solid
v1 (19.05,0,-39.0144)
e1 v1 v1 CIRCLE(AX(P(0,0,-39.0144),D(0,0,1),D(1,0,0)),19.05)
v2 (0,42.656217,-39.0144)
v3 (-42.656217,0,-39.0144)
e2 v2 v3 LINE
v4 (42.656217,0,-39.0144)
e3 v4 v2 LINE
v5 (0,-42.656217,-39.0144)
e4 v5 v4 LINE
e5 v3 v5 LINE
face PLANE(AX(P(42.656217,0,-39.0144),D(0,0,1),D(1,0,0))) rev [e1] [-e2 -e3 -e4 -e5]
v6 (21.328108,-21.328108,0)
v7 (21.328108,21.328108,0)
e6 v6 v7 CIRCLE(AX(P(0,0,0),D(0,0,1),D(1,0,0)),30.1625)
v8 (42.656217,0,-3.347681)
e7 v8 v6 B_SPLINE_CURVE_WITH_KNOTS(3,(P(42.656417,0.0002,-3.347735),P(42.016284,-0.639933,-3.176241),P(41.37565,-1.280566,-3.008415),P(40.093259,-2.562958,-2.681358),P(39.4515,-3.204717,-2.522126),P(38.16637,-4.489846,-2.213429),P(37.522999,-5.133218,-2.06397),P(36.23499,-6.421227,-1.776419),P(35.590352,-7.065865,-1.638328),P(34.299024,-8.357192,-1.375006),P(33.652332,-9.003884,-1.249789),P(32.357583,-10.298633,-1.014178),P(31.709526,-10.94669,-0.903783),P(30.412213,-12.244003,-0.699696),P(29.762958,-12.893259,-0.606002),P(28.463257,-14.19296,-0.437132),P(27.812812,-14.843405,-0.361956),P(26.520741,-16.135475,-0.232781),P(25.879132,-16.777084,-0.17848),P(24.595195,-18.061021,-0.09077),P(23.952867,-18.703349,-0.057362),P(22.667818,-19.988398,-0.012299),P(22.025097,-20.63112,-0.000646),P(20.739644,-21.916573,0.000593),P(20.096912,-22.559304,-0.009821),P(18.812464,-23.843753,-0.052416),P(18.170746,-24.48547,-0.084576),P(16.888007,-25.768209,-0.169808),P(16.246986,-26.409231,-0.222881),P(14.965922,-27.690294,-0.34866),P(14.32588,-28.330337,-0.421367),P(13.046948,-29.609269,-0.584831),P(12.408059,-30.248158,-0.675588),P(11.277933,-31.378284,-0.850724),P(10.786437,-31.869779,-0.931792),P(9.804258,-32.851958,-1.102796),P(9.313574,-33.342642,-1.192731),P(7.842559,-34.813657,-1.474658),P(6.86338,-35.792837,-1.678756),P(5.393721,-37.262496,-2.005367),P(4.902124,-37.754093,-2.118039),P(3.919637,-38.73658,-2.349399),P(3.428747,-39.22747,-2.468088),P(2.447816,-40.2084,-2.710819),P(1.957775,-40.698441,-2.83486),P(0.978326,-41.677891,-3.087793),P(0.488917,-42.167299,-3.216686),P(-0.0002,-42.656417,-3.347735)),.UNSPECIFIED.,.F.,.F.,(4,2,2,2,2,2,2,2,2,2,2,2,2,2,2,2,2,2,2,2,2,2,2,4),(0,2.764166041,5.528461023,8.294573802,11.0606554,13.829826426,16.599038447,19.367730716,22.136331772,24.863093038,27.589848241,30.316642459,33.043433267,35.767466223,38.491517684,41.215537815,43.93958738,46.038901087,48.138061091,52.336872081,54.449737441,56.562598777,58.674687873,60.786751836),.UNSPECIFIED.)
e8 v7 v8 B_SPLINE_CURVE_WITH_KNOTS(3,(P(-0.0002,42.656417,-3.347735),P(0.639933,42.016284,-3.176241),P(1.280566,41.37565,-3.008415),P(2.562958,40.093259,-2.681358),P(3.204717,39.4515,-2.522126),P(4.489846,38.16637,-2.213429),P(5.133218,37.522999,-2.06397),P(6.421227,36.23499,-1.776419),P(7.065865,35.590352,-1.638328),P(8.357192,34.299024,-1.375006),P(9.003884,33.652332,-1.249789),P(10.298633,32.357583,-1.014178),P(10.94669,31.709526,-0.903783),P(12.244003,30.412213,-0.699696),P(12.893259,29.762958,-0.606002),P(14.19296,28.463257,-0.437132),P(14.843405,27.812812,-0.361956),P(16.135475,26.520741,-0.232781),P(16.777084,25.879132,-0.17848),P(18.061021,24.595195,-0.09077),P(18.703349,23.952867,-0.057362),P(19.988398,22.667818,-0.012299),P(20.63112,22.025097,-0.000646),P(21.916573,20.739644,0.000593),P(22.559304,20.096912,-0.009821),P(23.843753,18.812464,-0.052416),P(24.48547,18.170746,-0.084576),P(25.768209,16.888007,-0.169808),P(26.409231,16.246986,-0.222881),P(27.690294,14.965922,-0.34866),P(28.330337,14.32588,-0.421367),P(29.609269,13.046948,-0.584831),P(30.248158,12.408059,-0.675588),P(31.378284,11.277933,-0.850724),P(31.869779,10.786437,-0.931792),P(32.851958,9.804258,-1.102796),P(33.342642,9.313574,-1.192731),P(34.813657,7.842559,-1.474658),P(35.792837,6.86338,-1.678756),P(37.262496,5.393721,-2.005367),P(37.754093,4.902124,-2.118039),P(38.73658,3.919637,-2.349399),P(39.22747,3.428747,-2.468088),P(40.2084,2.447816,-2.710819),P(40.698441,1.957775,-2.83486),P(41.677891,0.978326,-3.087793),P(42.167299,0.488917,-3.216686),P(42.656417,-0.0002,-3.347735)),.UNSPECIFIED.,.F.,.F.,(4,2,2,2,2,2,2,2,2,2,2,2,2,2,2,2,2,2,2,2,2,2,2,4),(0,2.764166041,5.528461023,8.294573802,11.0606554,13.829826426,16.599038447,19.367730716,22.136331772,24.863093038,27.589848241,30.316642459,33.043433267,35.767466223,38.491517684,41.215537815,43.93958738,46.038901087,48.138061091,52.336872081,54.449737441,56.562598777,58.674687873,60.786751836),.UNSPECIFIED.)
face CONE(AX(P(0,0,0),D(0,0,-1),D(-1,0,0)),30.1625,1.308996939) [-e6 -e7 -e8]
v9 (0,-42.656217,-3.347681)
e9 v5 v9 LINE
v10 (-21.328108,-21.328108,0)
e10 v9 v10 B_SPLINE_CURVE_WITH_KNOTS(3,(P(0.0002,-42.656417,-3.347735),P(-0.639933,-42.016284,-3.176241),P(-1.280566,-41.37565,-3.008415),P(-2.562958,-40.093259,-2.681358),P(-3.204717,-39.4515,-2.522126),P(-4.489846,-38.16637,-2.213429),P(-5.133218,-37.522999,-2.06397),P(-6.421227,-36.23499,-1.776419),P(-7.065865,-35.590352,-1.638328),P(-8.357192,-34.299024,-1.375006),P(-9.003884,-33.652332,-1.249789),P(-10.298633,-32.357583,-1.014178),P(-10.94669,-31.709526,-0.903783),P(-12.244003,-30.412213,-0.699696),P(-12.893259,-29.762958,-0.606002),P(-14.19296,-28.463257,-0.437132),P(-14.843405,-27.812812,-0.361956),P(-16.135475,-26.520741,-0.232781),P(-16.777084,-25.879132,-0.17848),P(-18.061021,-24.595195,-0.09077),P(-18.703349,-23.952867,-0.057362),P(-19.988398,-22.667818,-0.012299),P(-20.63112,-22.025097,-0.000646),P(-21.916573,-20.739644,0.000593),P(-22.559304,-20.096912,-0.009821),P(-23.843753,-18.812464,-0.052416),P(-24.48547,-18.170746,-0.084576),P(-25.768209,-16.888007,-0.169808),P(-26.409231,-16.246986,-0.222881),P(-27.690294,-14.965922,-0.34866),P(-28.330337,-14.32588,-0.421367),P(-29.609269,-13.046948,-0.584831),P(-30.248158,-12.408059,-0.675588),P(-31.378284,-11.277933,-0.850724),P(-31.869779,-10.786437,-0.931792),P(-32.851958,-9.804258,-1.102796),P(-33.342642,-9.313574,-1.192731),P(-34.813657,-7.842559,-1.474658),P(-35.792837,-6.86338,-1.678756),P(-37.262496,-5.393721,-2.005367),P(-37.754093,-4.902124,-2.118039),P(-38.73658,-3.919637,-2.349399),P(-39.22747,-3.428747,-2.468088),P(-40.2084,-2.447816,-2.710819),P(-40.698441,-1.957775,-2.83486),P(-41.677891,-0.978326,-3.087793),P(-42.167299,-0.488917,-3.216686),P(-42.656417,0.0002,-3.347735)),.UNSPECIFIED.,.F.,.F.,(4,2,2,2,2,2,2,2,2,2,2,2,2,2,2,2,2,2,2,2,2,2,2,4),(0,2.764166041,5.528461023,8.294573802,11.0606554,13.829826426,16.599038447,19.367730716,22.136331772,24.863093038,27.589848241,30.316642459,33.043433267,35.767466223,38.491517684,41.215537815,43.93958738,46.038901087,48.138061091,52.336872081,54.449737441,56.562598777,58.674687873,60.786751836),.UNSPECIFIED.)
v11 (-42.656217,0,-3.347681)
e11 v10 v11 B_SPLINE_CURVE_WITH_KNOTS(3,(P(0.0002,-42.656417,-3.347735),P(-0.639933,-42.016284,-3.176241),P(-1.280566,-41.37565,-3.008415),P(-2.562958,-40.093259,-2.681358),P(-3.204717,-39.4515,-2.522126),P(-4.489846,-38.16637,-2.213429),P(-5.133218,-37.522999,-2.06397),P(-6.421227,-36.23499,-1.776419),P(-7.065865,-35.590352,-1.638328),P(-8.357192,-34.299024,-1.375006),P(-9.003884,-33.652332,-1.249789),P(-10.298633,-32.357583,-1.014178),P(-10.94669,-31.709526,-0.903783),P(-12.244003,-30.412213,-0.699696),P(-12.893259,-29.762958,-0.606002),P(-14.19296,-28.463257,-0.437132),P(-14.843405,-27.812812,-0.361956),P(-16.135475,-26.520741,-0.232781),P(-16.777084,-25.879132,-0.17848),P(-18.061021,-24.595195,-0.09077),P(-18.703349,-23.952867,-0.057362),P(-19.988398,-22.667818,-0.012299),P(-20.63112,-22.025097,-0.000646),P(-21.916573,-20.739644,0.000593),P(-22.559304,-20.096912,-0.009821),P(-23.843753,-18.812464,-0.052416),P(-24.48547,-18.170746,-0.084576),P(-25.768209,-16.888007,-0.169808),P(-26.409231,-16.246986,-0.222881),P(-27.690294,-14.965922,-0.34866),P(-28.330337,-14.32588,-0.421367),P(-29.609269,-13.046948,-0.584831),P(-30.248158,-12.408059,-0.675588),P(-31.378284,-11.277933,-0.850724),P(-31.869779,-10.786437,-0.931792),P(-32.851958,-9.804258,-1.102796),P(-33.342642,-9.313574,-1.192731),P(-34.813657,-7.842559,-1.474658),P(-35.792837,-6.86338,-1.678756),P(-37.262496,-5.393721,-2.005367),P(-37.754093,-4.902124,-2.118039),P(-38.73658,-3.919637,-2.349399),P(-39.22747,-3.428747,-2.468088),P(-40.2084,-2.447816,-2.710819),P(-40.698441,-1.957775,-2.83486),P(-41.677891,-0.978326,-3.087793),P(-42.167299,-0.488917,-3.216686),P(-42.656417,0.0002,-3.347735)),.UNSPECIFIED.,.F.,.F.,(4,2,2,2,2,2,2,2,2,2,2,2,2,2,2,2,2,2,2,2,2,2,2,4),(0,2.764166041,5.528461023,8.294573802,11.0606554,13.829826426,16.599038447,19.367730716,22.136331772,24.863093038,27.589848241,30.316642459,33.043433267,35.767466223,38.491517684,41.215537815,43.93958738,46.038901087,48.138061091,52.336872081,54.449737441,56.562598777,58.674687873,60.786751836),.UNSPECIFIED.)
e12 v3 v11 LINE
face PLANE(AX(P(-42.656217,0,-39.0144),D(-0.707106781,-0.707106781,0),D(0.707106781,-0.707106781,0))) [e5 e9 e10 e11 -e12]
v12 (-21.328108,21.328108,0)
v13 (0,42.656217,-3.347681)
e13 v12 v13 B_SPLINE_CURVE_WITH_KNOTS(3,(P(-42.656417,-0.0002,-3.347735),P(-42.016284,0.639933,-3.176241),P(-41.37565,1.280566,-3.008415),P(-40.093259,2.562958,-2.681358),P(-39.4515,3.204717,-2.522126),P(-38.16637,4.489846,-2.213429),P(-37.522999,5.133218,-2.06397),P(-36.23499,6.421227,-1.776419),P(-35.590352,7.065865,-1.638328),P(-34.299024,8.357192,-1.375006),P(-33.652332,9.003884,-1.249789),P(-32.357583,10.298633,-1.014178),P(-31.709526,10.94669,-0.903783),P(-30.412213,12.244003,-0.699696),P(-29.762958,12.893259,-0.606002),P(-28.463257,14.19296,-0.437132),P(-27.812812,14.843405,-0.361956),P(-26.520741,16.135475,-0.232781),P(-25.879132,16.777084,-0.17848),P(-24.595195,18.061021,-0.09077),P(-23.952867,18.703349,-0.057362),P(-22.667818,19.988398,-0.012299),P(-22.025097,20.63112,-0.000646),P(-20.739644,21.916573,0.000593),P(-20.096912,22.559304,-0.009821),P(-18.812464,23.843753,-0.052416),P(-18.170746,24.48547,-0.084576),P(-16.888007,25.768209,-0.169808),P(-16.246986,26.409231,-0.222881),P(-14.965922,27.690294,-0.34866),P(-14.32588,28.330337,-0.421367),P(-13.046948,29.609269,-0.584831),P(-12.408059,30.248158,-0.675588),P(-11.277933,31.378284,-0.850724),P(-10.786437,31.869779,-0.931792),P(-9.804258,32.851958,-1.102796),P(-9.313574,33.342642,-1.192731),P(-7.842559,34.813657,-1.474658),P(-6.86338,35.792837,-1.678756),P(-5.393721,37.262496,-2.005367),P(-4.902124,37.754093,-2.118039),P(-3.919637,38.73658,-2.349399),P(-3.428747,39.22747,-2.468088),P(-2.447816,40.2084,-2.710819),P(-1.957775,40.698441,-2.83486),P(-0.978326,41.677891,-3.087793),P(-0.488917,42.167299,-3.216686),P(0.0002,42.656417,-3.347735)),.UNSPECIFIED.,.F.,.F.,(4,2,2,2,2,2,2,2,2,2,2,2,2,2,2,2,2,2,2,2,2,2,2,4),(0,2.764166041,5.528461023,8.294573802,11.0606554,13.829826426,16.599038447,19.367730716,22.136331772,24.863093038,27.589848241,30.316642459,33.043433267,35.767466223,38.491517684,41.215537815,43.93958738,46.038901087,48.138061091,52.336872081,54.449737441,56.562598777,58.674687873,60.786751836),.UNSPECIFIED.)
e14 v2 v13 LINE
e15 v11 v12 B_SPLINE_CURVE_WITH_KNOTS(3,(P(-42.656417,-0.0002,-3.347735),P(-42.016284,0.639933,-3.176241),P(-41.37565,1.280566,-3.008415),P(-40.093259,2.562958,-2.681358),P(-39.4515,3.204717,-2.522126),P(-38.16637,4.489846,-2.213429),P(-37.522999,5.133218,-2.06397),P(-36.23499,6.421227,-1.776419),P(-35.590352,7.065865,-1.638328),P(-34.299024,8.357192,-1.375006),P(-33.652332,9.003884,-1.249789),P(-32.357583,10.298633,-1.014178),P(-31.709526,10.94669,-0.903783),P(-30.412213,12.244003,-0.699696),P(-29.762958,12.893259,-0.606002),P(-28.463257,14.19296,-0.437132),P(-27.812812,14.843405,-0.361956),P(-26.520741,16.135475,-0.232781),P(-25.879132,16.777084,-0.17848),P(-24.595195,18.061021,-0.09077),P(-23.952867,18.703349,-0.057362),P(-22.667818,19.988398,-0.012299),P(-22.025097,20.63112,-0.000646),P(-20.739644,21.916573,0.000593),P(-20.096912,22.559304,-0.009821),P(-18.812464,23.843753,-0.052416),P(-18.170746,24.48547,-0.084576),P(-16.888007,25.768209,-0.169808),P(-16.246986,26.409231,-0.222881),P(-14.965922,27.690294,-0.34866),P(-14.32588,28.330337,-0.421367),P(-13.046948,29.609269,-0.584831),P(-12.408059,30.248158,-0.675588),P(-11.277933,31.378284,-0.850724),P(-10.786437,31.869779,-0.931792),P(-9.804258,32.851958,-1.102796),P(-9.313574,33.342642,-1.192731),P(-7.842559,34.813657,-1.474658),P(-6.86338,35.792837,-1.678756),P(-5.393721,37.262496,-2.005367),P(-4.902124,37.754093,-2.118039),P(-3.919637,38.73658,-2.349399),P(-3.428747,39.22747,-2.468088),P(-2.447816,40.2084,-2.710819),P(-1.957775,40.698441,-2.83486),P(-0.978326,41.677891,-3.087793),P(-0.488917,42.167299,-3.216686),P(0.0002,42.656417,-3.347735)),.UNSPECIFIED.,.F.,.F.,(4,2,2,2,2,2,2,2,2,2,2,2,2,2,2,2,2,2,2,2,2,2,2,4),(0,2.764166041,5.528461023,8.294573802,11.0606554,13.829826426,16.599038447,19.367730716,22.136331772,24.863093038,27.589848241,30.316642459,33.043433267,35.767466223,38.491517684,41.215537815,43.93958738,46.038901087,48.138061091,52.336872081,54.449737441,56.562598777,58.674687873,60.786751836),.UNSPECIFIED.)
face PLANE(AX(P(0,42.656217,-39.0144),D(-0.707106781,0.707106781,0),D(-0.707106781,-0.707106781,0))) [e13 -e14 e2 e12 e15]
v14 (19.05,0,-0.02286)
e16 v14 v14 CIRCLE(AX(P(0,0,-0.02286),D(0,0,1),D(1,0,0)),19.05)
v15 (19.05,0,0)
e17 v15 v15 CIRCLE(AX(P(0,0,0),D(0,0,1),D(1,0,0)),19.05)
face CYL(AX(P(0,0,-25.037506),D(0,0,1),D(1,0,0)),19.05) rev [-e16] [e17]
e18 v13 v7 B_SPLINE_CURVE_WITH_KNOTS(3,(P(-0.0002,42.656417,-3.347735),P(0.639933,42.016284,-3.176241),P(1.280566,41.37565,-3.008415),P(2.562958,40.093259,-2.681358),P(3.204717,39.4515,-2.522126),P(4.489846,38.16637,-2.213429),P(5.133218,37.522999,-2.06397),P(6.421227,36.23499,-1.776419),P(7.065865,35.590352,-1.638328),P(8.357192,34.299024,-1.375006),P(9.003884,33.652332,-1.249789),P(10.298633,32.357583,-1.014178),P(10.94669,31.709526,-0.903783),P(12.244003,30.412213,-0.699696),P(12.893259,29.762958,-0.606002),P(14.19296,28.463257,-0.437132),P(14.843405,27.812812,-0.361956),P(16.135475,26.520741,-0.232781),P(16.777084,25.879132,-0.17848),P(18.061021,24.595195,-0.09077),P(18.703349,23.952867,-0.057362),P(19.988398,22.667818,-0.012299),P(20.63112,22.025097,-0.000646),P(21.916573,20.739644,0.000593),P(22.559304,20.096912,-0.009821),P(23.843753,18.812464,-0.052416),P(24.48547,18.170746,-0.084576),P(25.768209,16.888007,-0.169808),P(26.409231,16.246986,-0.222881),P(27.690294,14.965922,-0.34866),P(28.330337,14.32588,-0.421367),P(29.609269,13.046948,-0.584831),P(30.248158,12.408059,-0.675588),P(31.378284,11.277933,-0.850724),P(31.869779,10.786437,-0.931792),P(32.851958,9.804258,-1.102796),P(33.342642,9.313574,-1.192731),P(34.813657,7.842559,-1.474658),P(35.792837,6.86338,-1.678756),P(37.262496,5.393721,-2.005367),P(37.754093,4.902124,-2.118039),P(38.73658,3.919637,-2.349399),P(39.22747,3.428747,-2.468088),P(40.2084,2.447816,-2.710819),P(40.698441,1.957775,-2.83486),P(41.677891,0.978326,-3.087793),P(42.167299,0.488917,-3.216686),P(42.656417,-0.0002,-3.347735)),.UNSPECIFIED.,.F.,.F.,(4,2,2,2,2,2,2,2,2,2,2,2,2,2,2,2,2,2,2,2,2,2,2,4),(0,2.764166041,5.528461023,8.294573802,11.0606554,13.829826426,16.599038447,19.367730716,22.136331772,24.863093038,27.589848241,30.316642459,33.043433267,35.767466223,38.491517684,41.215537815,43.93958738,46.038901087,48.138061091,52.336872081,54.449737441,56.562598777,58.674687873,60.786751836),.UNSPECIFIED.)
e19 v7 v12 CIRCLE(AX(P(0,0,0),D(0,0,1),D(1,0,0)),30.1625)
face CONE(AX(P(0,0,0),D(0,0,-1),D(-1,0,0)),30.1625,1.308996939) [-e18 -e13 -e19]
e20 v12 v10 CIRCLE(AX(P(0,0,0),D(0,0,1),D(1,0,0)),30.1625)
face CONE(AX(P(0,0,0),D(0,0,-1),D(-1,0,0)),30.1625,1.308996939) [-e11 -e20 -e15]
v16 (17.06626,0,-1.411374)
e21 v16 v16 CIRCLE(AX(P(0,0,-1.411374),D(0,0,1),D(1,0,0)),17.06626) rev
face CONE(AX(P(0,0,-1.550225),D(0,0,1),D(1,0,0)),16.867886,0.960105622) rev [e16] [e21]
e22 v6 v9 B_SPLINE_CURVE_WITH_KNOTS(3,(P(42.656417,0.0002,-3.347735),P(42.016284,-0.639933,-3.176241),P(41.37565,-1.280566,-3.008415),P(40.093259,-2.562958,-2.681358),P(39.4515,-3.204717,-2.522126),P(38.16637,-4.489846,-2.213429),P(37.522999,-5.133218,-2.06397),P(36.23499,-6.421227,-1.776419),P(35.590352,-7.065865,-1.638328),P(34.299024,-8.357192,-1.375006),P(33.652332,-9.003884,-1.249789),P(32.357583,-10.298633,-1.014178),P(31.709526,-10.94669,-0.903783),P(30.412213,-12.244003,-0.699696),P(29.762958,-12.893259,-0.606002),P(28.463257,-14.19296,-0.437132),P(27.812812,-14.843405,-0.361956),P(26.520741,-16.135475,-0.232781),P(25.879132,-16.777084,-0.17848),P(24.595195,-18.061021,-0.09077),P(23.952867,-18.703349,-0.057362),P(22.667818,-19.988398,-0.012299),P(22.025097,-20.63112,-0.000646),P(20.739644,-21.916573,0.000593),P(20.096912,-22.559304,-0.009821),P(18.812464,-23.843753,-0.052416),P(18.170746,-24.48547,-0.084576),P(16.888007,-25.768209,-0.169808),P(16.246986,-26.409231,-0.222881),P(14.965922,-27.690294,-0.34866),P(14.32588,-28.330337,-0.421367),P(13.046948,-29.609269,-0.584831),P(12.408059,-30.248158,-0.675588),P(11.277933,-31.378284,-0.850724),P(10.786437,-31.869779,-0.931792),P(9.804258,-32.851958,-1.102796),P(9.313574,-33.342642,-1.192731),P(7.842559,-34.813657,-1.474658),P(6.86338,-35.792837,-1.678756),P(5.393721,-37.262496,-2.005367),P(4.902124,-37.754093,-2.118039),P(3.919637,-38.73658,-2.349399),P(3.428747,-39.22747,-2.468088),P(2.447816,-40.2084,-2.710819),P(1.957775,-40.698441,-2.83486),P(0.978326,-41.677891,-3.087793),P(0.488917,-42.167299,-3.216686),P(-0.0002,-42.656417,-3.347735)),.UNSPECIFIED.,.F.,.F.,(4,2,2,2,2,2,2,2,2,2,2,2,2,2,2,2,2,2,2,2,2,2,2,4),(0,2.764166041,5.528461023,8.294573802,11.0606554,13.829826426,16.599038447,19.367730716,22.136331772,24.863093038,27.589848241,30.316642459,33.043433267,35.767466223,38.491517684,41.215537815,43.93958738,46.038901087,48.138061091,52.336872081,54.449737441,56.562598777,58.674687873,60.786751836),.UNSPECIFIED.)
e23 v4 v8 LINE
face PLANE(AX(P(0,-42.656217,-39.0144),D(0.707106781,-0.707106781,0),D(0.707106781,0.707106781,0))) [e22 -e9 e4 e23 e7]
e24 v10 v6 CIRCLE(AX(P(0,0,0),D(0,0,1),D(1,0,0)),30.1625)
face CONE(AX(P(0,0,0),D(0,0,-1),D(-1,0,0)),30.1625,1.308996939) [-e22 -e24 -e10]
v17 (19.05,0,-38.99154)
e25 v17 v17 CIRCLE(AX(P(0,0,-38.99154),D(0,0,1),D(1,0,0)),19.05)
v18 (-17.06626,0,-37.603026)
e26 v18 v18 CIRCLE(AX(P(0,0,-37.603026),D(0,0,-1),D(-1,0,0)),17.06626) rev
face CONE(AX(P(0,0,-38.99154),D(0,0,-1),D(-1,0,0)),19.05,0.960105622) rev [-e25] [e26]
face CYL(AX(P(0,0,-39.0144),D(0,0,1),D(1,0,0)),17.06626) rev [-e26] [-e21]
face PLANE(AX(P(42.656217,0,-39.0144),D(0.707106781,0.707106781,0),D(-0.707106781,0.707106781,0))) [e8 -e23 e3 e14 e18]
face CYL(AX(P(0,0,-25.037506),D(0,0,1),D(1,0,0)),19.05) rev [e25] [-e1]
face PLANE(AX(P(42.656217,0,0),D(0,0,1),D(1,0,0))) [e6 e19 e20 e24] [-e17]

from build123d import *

# Parameters (mm, degrees)
BASENUT_START = -39.0144
BASENUTSKE_R  = 17.06626
BASENUT_DEPTH = 39.0144


with BuildPart() as part:
    # BaseNutSke → BaseNut (new body)
    with BuildSketch(Plane.XY.offset(BASENUT_START)):
        Polygon((42.656216575, 0), (0, 42.656216575), (-42.656216575, 0), (0, -42.656216575), align=None)
        Circle(BASENUTSKE_R, mode=Mode.SUBTRACT)
    extrude(amount=BASENUT_DEPTH)

    # EndChamferSketch → EndChamfer (revolve, cut)
    with BuildSketch(Plane(origin=(0, 0, 0), x_dir=(0, 0, -1), z_dir=(1, 0, 0)), mode=Mode.PRIVATE) as endchamfer_sk:
        Polygon((38.99154, 19.05), (37.464174837, 16.867886), (39.0144, 16.867886), (39.0144, 19.05), align=None)
        Polygon((0, 19.05), (0.02286, 19.05), (1.550225163, 16.867886), (0, 16.867886), align=None)
    revolve(endchamfer_sk.sketch.rotate(Axis((0, 0, -25.037505729), (0, 0, -1)), 90), axis=Axis((0, 0, -25.037505729), (0, 0, -1)), mode=Mode.SUBTRACT)

    # Sketch2 → Single-Chamfer (revolve, cut)
    with BuildSketch(Plane(origin=(0, 0, 0), x_dir=(0, 0, -1), z_dir=(1, 0, 0))):
        Polygon((-12.7, 30.1625), (0, 30.1625), (6.750636011, 55.356216575), (-12.7, 55.356216575), align=None)
    revolve(axis=Axis((0, 0, 0), (0, 0, -1)), mode=Mode.SUBTRACT)


solid = part.part
